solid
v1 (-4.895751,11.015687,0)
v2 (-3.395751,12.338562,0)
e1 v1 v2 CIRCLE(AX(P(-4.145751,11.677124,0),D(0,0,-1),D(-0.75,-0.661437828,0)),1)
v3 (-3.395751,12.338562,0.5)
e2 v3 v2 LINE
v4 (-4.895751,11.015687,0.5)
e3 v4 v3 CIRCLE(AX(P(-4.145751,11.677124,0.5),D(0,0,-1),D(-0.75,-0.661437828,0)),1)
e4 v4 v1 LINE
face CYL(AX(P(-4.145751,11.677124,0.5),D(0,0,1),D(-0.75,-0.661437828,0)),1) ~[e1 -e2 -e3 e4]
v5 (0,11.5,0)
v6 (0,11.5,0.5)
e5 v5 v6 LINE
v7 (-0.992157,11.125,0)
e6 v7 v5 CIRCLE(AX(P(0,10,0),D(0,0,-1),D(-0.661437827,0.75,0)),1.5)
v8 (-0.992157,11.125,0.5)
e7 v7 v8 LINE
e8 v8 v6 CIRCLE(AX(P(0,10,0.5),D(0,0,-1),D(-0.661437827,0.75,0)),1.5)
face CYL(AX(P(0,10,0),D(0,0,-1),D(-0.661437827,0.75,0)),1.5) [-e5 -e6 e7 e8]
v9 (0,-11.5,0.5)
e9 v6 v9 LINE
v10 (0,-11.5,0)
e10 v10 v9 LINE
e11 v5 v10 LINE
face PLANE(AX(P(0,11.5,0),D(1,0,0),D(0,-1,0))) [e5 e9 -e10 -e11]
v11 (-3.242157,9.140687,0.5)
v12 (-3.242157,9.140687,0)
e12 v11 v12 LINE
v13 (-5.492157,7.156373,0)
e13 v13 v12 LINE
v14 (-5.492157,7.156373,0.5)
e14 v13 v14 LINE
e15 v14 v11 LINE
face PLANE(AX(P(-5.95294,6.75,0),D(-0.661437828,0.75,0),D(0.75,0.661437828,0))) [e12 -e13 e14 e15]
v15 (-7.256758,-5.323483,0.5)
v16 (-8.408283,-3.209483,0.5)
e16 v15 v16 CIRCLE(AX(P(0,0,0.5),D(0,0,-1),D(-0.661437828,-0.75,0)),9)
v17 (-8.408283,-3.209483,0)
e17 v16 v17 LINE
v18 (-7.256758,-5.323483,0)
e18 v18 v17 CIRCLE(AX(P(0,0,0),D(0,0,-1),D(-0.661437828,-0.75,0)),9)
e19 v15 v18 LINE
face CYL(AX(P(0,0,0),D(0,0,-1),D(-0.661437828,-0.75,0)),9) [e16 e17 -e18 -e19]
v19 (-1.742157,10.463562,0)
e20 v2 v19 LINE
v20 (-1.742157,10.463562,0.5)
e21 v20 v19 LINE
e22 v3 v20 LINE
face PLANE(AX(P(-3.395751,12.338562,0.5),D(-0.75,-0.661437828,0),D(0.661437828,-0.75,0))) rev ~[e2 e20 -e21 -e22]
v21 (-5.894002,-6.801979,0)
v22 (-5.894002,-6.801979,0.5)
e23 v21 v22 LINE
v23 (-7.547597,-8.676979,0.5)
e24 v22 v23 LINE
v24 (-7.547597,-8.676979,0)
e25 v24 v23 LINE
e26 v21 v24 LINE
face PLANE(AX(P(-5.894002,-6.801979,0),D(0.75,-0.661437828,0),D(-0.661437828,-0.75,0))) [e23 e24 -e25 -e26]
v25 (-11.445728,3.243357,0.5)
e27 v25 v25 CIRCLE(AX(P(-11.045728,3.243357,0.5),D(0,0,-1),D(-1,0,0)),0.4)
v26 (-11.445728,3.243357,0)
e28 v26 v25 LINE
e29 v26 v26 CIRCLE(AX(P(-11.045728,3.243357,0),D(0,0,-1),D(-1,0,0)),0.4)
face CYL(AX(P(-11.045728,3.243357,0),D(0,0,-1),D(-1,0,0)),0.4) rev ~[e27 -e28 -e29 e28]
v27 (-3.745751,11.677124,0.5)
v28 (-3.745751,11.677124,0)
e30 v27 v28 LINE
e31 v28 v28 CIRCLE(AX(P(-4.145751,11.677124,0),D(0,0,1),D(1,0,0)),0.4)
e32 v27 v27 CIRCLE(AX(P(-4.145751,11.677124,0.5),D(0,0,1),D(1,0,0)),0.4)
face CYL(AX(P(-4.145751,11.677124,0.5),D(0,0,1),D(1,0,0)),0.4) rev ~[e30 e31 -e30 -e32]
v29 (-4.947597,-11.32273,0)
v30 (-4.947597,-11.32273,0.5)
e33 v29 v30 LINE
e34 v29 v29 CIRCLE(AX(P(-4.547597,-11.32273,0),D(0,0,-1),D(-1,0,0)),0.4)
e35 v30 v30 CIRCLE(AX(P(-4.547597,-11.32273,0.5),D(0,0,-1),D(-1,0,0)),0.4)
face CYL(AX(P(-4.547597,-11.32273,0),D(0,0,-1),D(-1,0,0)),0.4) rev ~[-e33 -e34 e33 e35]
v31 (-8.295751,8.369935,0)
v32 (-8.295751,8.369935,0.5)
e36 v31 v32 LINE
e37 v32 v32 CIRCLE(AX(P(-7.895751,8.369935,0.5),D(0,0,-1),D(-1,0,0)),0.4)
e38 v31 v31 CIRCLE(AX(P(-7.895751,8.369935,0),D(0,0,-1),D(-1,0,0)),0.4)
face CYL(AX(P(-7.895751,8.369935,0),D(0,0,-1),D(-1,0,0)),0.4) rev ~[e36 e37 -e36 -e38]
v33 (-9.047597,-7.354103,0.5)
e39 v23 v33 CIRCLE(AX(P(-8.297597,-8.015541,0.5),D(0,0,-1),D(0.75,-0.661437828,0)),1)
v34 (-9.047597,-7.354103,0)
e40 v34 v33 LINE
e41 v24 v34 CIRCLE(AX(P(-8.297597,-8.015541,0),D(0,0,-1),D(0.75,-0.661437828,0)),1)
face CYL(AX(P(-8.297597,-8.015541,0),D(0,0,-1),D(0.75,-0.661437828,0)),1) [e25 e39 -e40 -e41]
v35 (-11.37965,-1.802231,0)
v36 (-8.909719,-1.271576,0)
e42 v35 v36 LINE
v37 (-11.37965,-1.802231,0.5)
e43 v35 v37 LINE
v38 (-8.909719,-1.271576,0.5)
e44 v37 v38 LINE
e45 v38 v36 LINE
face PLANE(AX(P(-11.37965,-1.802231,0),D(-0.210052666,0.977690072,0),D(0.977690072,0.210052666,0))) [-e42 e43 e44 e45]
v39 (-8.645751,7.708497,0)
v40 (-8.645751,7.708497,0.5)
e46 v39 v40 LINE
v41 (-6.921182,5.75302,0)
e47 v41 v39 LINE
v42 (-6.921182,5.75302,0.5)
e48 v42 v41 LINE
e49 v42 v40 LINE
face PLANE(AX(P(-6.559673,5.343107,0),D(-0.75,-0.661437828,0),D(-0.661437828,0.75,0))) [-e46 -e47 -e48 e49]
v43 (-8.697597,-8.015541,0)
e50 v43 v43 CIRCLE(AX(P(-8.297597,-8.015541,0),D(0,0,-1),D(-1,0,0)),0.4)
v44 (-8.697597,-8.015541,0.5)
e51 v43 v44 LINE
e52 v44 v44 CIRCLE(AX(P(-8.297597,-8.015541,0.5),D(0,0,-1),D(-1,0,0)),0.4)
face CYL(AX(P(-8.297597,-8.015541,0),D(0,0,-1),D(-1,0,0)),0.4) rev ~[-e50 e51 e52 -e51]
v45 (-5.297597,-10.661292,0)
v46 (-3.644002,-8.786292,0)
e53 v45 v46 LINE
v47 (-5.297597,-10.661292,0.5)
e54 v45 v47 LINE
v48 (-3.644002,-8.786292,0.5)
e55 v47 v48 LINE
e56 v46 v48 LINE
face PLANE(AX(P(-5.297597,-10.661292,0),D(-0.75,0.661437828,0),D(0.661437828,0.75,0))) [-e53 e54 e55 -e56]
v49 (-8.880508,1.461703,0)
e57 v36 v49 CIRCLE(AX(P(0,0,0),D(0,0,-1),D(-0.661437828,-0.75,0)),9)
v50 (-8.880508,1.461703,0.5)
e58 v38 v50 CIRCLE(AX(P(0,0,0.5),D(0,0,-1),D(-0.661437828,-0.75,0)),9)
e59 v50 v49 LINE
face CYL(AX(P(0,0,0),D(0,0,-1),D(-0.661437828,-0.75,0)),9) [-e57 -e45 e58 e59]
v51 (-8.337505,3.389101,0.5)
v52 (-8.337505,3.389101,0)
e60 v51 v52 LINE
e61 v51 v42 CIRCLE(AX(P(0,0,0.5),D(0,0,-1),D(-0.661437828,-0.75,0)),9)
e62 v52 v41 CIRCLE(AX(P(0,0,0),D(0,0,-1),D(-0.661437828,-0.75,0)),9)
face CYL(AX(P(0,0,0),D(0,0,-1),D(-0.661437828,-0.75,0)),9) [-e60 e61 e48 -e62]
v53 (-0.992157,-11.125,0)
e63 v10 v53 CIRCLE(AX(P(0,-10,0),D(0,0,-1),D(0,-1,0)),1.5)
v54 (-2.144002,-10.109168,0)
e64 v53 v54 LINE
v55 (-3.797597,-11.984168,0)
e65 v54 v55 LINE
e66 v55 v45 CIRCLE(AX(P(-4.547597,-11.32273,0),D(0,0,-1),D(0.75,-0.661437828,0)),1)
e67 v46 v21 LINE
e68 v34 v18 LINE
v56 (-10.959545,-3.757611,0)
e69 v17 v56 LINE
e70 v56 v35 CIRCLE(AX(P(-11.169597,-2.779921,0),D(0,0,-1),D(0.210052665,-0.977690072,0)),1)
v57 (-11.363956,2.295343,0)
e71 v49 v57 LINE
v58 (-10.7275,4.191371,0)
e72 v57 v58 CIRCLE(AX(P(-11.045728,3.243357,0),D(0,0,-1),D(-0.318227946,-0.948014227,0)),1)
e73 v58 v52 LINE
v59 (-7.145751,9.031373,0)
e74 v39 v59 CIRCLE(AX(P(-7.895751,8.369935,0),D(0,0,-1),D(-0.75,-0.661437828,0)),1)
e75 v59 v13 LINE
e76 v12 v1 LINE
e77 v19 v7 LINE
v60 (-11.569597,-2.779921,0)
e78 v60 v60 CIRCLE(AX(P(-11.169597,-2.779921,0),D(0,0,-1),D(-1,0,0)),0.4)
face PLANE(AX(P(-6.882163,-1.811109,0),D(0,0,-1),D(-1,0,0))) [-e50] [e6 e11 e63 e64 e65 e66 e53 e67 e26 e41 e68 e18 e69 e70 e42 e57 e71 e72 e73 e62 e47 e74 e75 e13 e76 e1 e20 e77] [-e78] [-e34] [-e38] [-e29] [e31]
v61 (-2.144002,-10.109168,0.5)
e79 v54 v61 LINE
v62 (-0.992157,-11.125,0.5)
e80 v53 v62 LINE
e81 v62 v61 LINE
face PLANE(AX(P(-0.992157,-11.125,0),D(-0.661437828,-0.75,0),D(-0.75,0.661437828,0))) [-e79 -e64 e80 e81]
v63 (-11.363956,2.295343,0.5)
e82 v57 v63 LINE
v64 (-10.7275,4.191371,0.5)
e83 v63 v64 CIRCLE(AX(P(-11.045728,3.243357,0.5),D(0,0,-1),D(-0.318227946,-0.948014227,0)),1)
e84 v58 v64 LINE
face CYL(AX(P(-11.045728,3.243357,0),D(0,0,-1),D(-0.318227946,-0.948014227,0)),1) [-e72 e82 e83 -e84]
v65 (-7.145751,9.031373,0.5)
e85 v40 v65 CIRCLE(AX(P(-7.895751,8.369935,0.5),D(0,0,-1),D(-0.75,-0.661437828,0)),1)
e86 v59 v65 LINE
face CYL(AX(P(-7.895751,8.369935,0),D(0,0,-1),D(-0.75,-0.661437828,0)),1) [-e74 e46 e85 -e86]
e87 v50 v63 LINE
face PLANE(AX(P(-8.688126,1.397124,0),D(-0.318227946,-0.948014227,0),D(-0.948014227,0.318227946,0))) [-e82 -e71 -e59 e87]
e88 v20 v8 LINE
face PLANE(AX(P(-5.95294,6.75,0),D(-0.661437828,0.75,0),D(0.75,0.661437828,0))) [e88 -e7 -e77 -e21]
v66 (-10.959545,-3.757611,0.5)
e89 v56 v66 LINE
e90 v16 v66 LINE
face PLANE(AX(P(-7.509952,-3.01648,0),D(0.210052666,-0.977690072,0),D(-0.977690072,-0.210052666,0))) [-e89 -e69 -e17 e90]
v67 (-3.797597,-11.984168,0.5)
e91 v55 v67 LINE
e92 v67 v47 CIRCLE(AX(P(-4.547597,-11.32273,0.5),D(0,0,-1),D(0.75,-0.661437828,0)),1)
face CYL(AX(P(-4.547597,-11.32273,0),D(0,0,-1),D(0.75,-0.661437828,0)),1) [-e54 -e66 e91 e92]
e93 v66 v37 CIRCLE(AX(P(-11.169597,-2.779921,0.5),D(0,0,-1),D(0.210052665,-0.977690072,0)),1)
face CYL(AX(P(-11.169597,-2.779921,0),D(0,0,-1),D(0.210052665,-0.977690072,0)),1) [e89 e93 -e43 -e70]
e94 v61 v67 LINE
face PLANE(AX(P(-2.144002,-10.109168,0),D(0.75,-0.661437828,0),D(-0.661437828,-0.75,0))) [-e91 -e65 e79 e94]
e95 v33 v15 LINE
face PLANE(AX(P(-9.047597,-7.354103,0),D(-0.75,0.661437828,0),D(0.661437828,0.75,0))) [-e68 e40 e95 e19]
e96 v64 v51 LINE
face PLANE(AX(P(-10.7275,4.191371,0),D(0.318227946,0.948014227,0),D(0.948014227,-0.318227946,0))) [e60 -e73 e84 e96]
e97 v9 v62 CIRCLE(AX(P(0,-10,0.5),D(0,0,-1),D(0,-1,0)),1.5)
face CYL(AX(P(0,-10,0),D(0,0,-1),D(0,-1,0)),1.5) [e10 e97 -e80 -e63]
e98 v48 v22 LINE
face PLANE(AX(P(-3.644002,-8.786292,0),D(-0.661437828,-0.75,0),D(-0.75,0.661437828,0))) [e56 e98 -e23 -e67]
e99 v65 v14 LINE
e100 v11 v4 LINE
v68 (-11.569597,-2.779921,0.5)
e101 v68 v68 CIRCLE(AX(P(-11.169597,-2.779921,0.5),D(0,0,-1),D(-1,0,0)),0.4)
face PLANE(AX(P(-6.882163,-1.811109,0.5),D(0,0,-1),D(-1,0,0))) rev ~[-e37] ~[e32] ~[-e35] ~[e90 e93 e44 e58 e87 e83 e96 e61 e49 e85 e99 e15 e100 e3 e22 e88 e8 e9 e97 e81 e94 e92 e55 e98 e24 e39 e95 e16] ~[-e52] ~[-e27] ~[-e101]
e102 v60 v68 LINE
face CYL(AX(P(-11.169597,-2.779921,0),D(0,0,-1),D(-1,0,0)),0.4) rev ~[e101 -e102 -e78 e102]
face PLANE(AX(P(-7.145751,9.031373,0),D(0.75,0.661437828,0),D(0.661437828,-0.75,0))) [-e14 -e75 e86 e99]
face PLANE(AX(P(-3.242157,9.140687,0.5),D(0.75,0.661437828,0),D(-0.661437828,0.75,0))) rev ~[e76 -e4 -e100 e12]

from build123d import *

# Parameters (mm, degrees)
EXTRUDE_1_DEPTH  = 0.5
SKETCH_2_R       = 0.4
EXTRUDE_3_DEPTH  = 0.5
SKETCH_3_R       = 0.4
EXTRUDE_12_DEPTH = 0.5


with BuildPart() as part:
    # Эскиз1 → Вытянуть1 (new body)
    with BuildSketch(Plane.XY):
        with BuildLine():
            Line((0, 11.5), (0, -11.5))
            ThreePointArc((0, -11.5), (-0.530330086, -11.40312152), (-0.992156742, -11.125))
            Line((-0.992156742, -11.125), (-5.95294045, -6.75))
            ThreePointArc((-5.95294045, -6.75), (-9, 0), (-5.95294045, 6.75))
            Line((-5.95294045, 6.75), (-0.992156742, 11.125))
            ThreePointArc((-0.992156742, 11.125), (-0.530330086, 11.40312152), (0, 11.5))
        make_face()
    extrude(amount=EXTRUDE_1_DEPTH)

    # Эскиз2 → Вытянуть3 (add)
    with BuildSketch(Plane.XY.offset(0.5)):
        with BuildLine():
            Line((-3.395751311, 12.338562172), (-1.742156742, 10.463562172))
            Line((-1.742156742, 10.463562172), (-3.242156742, 9.140686517))
            Line((-3.242156742, 9.140686517), (-4.895751311, 11.015686517))
            ThreePointArc((-4.895751311, 11.015686517), (-4.807189139, 12.427124344), (-3.395751311, 12.338562172))
        make_face()
        with Locations((-4.145751311, 11.677124344)):
            Circle(SKETCH_2_R, mode=Mode.SUBTRACT)
    extrude(amount=-EXTRUDE_3_DEPTH)

    # Эскиз3 → Вытянуть12 (add)
    with BuildSketch(Plane(origin=(0, 0, 0), x_dir=(-1, 0, 0), z_dir=(0, 0, -1))):
        with BuildLine():
            Line((7.145751311, 9.031373033), (5.492156742, 7.156373033))
            Line((5.492156742, 7.156373033), (2.144002144, -10.109167839))
            Line((2.144002144, -10.109167839), (3.797596713, -11.984167839))
            ThreePointArc((3.797596713, -11.984167839), (5.209034541, -12.072730011), (5.297596713, -10.661292183))
            Line((5.297596713, -10.661292183), (3.644002144, -8.786292183))
            Line((3.644002144, -8.786292183), (5.894002144, -6.8019787))
            Line((5.894002144, -6.8019787), (7.547596713, -8.6769787))
            ThreePointArc((7.547596713, -8.6769787), (8.959034541, -8.765540872), (9.047596713, -7.354103045))
            Line((9.047596713, -7.354103045), (7.061797178, -5.10241802))
            Line((7.061797178, -5.10241802), (7.50995229, -3.016480181))
            Line((7.50995229, -3.016480181), (10.959544642, -3.757610821))
            ThreePointArc((10.959544642, -3.757610821), (12.14728738, -2.989973414), (11.379649973, -1.802230676))
            Line((11.379649973, -1.802230676), (8.149841538, -1.108319701))
            Line((8.149841538, -1.108319701), (8.688125789, 1.397124189))
            Line((8.688125789, 1.397124189), (11.36395596, 2.295342711))
            ThreePointArc((11.36395596, 2.295342711), (11.993742241, 3.561584883), (10.727500069, 4.191371165))
            Line((10.727500069, 4.191371165), (8.034608294, 3.28742543))
            Line((8.034608294, 3.28742543), (6.559673056, 5.343106973))
            Line((6.559673056, 5.343106973), (8.645751311, 7.708497378))
            ThreePointArc((8.645751311, 7.708497378), (8.557189139, 9.119935206), (7.145751311, 9.031373033))
        make_face()
        with Locations((7.895751311, 8.369935206)):
            Circle(SKETCH_3_R, mode=Mode.SUBTRACT)
        with Locations((11.045728014, 3.243356938)):
            Circle(SKETCH_3_R, mode=Mode.SUBTRACT)
        with Locations((11.169597308, -2.779920749)):
            Circle(SKETCH_3_R, mode=Mode.SUBTRACT)
        with Locations((8.297596713, -8.015540872)):
            Circle(SKETCH_3_R, mode=Mode.SUBTRACT)
        with Locations((4.547596713, -11.322730011)):
            Circle(SKETCH_3_R, mode=Mode.SUBTRACT)
    extrude(amount=-EXTRUDE_12_DEPTH)


solid = part.part
